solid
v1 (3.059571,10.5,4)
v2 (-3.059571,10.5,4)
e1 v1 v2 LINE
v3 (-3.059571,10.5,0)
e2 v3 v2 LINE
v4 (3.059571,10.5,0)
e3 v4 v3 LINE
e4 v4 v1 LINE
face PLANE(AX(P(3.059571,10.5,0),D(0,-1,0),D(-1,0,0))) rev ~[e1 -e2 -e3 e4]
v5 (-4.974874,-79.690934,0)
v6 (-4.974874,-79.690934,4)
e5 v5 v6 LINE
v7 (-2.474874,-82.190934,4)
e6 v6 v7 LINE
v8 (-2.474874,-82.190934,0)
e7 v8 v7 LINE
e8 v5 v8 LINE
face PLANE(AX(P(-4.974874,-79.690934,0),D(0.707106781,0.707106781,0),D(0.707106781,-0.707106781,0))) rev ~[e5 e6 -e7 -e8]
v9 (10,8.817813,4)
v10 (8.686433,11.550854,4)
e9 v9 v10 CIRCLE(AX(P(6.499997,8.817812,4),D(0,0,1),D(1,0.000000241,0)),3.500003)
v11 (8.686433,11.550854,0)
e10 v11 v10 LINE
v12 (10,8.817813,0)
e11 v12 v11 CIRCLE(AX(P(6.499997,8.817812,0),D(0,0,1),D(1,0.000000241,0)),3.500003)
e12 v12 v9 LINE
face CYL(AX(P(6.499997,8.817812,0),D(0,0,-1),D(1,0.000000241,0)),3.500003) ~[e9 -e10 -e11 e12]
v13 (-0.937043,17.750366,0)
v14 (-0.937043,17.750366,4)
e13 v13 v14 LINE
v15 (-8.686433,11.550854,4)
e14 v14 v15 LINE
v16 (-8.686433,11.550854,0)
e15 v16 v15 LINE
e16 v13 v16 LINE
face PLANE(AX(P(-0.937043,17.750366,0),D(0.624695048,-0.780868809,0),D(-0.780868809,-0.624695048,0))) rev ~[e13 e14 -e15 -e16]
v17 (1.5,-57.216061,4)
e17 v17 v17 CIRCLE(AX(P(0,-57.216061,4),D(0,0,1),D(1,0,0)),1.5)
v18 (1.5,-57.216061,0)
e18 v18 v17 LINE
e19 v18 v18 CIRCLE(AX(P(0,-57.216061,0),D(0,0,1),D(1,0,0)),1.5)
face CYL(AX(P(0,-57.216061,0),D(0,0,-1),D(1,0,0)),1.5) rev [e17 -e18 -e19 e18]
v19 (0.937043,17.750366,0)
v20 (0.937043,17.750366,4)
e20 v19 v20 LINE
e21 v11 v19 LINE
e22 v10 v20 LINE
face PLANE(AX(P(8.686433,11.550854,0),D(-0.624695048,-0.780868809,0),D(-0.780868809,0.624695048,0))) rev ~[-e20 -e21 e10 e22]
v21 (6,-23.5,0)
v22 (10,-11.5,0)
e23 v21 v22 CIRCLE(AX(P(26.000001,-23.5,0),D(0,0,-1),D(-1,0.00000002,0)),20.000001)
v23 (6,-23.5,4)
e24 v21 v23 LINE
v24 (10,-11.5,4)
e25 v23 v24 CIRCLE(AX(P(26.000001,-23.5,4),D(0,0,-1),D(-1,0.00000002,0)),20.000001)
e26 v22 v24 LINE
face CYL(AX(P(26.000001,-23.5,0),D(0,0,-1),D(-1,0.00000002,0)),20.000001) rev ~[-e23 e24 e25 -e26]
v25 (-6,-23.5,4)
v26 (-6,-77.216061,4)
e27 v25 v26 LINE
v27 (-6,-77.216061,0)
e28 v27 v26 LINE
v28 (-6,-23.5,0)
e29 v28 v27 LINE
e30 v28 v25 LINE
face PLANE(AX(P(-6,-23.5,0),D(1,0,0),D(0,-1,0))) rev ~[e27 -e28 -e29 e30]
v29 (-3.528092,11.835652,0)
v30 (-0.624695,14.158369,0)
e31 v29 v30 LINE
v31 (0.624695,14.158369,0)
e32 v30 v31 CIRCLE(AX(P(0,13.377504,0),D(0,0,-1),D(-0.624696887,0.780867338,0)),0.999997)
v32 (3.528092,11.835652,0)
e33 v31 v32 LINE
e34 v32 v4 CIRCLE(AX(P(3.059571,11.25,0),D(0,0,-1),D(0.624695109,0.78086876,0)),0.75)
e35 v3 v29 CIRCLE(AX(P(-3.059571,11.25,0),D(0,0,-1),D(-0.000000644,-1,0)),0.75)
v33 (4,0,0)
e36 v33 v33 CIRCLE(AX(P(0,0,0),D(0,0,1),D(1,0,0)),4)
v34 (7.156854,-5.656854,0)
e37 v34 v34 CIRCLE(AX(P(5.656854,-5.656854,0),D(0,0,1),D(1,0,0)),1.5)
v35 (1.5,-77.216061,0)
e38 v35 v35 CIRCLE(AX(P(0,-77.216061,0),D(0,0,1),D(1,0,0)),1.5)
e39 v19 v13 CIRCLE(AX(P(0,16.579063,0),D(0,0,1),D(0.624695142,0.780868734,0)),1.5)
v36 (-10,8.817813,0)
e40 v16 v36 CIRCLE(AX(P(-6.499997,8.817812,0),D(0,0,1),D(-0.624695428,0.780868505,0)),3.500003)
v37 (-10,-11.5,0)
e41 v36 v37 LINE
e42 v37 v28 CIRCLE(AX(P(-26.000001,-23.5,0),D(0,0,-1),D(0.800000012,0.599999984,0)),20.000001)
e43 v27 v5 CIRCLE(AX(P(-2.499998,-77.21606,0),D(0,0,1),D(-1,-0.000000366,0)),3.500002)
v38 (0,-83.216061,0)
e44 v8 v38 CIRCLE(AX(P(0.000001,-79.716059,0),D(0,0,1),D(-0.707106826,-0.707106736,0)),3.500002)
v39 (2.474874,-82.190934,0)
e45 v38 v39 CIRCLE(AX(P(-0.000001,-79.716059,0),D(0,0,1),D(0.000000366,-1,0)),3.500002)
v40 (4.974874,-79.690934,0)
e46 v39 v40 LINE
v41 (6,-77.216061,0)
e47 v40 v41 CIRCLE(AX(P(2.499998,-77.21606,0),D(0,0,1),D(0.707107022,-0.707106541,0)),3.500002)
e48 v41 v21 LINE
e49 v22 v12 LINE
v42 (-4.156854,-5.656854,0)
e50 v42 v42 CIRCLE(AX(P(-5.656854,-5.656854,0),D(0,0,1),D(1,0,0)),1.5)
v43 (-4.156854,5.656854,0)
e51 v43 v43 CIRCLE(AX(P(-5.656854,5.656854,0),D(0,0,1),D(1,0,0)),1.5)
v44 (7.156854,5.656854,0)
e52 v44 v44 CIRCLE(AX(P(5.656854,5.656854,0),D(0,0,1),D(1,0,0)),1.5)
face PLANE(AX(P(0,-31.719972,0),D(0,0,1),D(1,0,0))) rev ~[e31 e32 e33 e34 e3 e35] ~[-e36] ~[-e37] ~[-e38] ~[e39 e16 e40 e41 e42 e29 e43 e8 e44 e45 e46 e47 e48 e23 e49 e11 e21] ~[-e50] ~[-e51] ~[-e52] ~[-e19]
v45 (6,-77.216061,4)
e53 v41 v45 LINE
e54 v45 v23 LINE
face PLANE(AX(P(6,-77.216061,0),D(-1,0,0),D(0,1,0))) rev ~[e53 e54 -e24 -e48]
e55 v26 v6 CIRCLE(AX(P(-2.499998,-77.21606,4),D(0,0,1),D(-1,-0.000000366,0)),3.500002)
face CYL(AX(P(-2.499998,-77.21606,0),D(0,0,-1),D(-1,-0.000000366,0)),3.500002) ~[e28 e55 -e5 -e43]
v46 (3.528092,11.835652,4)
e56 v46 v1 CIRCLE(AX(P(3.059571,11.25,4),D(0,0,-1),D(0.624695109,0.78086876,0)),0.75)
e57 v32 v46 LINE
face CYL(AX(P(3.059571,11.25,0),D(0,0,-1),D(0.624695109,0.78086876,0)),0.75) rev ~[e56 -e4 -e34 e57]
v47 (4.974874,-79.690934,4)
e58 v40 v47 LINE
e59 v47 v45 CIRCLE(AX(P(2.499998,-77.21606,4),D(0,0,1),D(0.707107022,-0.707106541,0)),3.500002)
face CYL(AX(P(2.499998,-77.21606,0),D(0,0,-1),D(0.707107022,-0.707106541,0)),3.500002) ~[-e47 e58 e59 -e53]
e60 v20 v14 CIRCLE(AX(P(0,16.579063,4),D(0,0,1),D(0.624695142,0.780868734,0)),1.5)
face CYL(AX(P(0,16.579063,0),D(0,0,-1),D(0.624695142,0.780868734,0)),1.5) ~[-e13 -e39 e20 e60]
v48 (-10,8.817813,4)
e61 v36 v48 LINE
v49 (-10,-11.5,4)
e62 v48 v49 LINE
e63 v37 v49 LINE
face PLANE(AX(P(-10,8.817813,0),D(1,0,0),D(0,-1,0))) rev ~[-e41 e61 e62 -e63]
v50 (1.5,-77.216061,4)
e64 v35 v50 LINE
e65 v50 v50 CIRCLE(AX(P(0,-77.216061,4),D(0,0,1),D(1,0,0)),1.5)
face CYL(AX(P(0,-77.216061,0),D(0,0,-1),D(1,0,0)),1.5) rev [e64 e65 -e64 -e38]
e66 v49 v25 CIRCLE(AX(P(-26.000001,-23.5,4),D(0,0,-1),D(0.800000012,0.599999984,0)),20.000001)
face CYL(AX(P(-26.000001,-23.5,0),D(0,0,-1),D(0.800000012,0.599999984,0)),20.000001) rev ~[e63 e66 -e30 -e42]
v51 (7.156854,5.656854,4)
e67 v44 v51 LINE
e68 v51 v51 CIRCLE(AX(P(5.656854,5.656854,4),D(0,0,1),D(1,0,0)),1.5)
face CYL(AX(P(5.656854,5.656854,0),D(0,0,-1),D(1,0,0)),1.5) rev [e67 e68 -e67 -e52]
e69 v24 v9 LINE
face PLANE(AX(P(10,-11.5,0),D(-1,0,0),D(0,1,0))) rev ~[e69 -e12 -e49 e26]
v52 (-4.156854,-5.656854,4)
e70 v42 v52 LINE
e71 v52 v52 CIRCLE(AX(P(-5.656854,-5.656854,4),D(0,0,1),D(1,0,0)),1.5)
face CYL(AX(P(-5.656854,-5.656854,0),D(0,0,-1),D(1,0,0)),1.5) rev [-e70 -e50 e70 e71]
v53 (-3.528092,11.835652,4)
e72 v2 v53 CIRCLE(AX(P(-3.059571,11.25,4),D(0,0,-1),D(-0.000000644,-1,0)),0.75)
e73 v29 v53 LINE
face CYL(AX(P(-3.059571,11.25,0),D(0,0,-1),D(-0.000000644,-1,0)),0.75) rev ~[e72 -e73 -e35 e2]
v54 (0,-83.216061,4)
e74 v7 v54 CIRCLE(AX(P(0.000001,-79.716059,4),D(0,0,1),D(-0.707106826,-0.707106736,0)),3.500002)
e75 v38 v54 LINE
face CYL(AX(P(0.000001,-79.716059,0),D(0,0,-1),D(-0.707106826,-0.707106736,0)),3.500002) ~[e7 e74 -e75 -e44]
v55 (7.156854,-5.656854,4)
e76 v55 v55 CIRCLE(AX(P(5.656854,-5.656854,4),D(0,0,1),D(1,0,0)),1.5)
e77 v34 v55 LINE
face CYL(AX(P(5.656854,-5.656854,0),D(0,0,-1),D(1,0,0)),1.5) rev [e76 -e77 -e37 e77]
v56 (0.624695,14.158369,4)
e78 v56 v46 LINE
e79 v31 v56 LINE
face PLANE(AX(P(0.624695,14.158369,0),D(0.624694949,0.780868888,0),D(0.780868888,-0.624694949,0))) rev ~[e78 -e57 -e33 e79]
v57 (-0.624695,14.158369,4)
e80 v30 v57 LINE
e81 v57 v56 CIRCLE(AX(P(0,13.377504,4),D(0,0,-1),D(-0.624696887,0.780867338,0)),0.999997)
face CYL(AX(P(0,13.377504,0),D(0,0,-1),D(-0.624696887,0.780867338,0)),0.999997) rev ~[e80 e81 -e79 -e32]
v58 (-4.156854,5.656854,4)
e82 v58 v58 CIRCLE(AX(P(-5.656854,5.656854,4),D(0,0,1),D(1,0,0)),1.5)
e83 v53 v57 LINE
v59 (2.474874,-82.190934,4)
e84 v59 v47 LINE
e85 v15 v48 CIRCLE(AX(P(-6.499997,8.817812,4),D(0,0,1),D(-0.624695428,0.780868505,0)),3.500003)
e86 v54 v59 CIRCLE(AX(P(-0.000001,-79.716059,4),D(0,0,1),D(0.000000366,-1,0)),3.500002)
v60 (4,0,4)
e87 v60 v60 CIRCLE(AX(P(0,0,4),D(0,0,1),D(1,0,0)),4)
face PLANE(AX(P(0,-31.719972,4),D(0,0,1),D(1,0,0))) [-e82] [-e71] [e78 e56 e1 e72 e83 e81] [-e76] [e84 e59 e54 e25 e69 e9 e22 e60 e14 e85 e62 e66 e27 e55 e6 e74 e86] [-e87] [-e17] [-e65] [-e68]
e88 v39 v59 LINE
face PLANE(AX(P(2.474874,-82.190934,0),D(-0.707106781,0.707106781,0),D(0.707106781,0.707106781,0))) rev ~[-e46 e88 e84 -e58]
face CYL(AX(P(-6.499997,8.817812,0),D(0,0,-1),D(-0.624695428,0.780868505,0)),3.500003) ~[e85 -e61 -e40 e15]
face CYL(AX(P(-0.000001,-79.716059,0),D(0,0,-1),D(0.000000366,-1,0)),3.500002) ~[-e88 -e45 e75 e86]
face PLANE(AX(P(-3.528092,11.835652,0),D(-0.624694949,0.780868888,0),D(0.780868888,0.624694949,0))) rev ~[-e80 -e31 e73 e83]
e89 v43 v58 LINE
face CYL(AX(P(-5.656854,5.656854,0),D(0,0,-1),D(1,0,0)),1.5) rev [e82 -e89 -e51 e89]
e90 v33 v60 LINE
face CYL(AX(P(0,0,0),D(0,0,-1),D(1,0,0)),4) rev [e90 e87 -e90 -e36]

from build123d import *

# Parameters (mm, degrees)
F0_R     = 1.5
F0_R_2   = 4
F1_DEPTH = 4


with BuildPart() as f1:
    # F0 (on Top) → F1 (new body)
    with BuildSketch(Plane.XY):
        with BuildLine():
            Line((6, -77.216061), (6, -23.5))
            ThreePointArc((6, -23.5), (7.026334, -17.175445), (10, -11.5))
            Line((10, -11.5), (10, 8.817813))
            ThreePointArc((10, 8.817813), (9.654561, 10.333974), (8.686433, 11.550854))
            Line((8.686433, 11.550854), (0.937043, 17.750366))
            ThreePointArc((0.937043, 17.750366), (0, 18.079063), (-0.937043, 17.750366))
            Line((-0.937043, 17.750366), (-8.686433, 11.550854))
            ThreePointArc((-8.686433, 11.550854), (-9.654561, 10.333974), (-10, 8.817813))
            Line((-10, 8.817813), (-10, -11.5))
            ThreePointArc((-10, -11.5), (-7.026334, -17.175445), (-6, -23.5))
            Line((-6, -23.5), (-6, -77.216061))
            ThreePointArc((-6, -77.216061), (-5.733578, -78.555453), (-4.974874, -79.690934))
            Line((-4.974874, -79.690934), (-2.474874, -82.190934))
            ThreePointArc((-2.474874, -82.190934), (-1.339392, -82.949639), (0, -83.216061))
            ThreePointArc((0, -83.216061), (1.339392, -82.949639), (2.474874, -82.190934))
            Line((2.474874, -82.190934), (4.974874, -79.690934))
            ThreePointArc((4.974874, -79.690934), (5.733578, -78.555453), (6, -77.216061))
        make_face()
        with Locations((0, -77.216061)):
            Circle(F0_R, mode=Mode.SUBTRACT)
        with Locations((0, -57.216061)):
            Circle(F0_R, mode=Mode.SUBTRACT)
        with Locations((-5.656854, -5.656854)):
            Circle(F0_R, mode=Mode.SUBTRACT)
        with Locations((-5.656854, 5.656854)):
            Circle(F0_R, mode=Mode.SUBTRACT)
        Circle(F0_R_2, mode=Mode.SUBTRACT)
        with BuildLine():
            Line((3.059571, 10.5), (0, 10.5))
            Line((0, 10.5), (-3.059571, 10.5))
            ThreePointArc((-3.059571, 10.5), (-3.767292, 11.001745), (-3.528092, 11.835652))
            Line((-3.528092, 11.835652), (-0.624695, 14.158369))
            ThreePointArc((-0.624695, 14.158369), (0, 14.377501), (0.624695, 14.158369))
            Line((0.624695, 14.158369), (3.528092, 11.835652))
            ThreePointArc((3.528092, 11.835652), (3.767292, 11.001745), (3.059571, 10.5))
        make_face(mode=Mode.SUBTRACT)
        with Locations((5.656854, -5.656854)):
            Circle(F0_R, mode=Mode.SUBTRACT)
        with Locations((5.656854, 5.656854)):
            Circle(F0_R, mode=Mode.SUBTRACT)
    extrude(amount=F1_DEPTH)


solid = f1.part
